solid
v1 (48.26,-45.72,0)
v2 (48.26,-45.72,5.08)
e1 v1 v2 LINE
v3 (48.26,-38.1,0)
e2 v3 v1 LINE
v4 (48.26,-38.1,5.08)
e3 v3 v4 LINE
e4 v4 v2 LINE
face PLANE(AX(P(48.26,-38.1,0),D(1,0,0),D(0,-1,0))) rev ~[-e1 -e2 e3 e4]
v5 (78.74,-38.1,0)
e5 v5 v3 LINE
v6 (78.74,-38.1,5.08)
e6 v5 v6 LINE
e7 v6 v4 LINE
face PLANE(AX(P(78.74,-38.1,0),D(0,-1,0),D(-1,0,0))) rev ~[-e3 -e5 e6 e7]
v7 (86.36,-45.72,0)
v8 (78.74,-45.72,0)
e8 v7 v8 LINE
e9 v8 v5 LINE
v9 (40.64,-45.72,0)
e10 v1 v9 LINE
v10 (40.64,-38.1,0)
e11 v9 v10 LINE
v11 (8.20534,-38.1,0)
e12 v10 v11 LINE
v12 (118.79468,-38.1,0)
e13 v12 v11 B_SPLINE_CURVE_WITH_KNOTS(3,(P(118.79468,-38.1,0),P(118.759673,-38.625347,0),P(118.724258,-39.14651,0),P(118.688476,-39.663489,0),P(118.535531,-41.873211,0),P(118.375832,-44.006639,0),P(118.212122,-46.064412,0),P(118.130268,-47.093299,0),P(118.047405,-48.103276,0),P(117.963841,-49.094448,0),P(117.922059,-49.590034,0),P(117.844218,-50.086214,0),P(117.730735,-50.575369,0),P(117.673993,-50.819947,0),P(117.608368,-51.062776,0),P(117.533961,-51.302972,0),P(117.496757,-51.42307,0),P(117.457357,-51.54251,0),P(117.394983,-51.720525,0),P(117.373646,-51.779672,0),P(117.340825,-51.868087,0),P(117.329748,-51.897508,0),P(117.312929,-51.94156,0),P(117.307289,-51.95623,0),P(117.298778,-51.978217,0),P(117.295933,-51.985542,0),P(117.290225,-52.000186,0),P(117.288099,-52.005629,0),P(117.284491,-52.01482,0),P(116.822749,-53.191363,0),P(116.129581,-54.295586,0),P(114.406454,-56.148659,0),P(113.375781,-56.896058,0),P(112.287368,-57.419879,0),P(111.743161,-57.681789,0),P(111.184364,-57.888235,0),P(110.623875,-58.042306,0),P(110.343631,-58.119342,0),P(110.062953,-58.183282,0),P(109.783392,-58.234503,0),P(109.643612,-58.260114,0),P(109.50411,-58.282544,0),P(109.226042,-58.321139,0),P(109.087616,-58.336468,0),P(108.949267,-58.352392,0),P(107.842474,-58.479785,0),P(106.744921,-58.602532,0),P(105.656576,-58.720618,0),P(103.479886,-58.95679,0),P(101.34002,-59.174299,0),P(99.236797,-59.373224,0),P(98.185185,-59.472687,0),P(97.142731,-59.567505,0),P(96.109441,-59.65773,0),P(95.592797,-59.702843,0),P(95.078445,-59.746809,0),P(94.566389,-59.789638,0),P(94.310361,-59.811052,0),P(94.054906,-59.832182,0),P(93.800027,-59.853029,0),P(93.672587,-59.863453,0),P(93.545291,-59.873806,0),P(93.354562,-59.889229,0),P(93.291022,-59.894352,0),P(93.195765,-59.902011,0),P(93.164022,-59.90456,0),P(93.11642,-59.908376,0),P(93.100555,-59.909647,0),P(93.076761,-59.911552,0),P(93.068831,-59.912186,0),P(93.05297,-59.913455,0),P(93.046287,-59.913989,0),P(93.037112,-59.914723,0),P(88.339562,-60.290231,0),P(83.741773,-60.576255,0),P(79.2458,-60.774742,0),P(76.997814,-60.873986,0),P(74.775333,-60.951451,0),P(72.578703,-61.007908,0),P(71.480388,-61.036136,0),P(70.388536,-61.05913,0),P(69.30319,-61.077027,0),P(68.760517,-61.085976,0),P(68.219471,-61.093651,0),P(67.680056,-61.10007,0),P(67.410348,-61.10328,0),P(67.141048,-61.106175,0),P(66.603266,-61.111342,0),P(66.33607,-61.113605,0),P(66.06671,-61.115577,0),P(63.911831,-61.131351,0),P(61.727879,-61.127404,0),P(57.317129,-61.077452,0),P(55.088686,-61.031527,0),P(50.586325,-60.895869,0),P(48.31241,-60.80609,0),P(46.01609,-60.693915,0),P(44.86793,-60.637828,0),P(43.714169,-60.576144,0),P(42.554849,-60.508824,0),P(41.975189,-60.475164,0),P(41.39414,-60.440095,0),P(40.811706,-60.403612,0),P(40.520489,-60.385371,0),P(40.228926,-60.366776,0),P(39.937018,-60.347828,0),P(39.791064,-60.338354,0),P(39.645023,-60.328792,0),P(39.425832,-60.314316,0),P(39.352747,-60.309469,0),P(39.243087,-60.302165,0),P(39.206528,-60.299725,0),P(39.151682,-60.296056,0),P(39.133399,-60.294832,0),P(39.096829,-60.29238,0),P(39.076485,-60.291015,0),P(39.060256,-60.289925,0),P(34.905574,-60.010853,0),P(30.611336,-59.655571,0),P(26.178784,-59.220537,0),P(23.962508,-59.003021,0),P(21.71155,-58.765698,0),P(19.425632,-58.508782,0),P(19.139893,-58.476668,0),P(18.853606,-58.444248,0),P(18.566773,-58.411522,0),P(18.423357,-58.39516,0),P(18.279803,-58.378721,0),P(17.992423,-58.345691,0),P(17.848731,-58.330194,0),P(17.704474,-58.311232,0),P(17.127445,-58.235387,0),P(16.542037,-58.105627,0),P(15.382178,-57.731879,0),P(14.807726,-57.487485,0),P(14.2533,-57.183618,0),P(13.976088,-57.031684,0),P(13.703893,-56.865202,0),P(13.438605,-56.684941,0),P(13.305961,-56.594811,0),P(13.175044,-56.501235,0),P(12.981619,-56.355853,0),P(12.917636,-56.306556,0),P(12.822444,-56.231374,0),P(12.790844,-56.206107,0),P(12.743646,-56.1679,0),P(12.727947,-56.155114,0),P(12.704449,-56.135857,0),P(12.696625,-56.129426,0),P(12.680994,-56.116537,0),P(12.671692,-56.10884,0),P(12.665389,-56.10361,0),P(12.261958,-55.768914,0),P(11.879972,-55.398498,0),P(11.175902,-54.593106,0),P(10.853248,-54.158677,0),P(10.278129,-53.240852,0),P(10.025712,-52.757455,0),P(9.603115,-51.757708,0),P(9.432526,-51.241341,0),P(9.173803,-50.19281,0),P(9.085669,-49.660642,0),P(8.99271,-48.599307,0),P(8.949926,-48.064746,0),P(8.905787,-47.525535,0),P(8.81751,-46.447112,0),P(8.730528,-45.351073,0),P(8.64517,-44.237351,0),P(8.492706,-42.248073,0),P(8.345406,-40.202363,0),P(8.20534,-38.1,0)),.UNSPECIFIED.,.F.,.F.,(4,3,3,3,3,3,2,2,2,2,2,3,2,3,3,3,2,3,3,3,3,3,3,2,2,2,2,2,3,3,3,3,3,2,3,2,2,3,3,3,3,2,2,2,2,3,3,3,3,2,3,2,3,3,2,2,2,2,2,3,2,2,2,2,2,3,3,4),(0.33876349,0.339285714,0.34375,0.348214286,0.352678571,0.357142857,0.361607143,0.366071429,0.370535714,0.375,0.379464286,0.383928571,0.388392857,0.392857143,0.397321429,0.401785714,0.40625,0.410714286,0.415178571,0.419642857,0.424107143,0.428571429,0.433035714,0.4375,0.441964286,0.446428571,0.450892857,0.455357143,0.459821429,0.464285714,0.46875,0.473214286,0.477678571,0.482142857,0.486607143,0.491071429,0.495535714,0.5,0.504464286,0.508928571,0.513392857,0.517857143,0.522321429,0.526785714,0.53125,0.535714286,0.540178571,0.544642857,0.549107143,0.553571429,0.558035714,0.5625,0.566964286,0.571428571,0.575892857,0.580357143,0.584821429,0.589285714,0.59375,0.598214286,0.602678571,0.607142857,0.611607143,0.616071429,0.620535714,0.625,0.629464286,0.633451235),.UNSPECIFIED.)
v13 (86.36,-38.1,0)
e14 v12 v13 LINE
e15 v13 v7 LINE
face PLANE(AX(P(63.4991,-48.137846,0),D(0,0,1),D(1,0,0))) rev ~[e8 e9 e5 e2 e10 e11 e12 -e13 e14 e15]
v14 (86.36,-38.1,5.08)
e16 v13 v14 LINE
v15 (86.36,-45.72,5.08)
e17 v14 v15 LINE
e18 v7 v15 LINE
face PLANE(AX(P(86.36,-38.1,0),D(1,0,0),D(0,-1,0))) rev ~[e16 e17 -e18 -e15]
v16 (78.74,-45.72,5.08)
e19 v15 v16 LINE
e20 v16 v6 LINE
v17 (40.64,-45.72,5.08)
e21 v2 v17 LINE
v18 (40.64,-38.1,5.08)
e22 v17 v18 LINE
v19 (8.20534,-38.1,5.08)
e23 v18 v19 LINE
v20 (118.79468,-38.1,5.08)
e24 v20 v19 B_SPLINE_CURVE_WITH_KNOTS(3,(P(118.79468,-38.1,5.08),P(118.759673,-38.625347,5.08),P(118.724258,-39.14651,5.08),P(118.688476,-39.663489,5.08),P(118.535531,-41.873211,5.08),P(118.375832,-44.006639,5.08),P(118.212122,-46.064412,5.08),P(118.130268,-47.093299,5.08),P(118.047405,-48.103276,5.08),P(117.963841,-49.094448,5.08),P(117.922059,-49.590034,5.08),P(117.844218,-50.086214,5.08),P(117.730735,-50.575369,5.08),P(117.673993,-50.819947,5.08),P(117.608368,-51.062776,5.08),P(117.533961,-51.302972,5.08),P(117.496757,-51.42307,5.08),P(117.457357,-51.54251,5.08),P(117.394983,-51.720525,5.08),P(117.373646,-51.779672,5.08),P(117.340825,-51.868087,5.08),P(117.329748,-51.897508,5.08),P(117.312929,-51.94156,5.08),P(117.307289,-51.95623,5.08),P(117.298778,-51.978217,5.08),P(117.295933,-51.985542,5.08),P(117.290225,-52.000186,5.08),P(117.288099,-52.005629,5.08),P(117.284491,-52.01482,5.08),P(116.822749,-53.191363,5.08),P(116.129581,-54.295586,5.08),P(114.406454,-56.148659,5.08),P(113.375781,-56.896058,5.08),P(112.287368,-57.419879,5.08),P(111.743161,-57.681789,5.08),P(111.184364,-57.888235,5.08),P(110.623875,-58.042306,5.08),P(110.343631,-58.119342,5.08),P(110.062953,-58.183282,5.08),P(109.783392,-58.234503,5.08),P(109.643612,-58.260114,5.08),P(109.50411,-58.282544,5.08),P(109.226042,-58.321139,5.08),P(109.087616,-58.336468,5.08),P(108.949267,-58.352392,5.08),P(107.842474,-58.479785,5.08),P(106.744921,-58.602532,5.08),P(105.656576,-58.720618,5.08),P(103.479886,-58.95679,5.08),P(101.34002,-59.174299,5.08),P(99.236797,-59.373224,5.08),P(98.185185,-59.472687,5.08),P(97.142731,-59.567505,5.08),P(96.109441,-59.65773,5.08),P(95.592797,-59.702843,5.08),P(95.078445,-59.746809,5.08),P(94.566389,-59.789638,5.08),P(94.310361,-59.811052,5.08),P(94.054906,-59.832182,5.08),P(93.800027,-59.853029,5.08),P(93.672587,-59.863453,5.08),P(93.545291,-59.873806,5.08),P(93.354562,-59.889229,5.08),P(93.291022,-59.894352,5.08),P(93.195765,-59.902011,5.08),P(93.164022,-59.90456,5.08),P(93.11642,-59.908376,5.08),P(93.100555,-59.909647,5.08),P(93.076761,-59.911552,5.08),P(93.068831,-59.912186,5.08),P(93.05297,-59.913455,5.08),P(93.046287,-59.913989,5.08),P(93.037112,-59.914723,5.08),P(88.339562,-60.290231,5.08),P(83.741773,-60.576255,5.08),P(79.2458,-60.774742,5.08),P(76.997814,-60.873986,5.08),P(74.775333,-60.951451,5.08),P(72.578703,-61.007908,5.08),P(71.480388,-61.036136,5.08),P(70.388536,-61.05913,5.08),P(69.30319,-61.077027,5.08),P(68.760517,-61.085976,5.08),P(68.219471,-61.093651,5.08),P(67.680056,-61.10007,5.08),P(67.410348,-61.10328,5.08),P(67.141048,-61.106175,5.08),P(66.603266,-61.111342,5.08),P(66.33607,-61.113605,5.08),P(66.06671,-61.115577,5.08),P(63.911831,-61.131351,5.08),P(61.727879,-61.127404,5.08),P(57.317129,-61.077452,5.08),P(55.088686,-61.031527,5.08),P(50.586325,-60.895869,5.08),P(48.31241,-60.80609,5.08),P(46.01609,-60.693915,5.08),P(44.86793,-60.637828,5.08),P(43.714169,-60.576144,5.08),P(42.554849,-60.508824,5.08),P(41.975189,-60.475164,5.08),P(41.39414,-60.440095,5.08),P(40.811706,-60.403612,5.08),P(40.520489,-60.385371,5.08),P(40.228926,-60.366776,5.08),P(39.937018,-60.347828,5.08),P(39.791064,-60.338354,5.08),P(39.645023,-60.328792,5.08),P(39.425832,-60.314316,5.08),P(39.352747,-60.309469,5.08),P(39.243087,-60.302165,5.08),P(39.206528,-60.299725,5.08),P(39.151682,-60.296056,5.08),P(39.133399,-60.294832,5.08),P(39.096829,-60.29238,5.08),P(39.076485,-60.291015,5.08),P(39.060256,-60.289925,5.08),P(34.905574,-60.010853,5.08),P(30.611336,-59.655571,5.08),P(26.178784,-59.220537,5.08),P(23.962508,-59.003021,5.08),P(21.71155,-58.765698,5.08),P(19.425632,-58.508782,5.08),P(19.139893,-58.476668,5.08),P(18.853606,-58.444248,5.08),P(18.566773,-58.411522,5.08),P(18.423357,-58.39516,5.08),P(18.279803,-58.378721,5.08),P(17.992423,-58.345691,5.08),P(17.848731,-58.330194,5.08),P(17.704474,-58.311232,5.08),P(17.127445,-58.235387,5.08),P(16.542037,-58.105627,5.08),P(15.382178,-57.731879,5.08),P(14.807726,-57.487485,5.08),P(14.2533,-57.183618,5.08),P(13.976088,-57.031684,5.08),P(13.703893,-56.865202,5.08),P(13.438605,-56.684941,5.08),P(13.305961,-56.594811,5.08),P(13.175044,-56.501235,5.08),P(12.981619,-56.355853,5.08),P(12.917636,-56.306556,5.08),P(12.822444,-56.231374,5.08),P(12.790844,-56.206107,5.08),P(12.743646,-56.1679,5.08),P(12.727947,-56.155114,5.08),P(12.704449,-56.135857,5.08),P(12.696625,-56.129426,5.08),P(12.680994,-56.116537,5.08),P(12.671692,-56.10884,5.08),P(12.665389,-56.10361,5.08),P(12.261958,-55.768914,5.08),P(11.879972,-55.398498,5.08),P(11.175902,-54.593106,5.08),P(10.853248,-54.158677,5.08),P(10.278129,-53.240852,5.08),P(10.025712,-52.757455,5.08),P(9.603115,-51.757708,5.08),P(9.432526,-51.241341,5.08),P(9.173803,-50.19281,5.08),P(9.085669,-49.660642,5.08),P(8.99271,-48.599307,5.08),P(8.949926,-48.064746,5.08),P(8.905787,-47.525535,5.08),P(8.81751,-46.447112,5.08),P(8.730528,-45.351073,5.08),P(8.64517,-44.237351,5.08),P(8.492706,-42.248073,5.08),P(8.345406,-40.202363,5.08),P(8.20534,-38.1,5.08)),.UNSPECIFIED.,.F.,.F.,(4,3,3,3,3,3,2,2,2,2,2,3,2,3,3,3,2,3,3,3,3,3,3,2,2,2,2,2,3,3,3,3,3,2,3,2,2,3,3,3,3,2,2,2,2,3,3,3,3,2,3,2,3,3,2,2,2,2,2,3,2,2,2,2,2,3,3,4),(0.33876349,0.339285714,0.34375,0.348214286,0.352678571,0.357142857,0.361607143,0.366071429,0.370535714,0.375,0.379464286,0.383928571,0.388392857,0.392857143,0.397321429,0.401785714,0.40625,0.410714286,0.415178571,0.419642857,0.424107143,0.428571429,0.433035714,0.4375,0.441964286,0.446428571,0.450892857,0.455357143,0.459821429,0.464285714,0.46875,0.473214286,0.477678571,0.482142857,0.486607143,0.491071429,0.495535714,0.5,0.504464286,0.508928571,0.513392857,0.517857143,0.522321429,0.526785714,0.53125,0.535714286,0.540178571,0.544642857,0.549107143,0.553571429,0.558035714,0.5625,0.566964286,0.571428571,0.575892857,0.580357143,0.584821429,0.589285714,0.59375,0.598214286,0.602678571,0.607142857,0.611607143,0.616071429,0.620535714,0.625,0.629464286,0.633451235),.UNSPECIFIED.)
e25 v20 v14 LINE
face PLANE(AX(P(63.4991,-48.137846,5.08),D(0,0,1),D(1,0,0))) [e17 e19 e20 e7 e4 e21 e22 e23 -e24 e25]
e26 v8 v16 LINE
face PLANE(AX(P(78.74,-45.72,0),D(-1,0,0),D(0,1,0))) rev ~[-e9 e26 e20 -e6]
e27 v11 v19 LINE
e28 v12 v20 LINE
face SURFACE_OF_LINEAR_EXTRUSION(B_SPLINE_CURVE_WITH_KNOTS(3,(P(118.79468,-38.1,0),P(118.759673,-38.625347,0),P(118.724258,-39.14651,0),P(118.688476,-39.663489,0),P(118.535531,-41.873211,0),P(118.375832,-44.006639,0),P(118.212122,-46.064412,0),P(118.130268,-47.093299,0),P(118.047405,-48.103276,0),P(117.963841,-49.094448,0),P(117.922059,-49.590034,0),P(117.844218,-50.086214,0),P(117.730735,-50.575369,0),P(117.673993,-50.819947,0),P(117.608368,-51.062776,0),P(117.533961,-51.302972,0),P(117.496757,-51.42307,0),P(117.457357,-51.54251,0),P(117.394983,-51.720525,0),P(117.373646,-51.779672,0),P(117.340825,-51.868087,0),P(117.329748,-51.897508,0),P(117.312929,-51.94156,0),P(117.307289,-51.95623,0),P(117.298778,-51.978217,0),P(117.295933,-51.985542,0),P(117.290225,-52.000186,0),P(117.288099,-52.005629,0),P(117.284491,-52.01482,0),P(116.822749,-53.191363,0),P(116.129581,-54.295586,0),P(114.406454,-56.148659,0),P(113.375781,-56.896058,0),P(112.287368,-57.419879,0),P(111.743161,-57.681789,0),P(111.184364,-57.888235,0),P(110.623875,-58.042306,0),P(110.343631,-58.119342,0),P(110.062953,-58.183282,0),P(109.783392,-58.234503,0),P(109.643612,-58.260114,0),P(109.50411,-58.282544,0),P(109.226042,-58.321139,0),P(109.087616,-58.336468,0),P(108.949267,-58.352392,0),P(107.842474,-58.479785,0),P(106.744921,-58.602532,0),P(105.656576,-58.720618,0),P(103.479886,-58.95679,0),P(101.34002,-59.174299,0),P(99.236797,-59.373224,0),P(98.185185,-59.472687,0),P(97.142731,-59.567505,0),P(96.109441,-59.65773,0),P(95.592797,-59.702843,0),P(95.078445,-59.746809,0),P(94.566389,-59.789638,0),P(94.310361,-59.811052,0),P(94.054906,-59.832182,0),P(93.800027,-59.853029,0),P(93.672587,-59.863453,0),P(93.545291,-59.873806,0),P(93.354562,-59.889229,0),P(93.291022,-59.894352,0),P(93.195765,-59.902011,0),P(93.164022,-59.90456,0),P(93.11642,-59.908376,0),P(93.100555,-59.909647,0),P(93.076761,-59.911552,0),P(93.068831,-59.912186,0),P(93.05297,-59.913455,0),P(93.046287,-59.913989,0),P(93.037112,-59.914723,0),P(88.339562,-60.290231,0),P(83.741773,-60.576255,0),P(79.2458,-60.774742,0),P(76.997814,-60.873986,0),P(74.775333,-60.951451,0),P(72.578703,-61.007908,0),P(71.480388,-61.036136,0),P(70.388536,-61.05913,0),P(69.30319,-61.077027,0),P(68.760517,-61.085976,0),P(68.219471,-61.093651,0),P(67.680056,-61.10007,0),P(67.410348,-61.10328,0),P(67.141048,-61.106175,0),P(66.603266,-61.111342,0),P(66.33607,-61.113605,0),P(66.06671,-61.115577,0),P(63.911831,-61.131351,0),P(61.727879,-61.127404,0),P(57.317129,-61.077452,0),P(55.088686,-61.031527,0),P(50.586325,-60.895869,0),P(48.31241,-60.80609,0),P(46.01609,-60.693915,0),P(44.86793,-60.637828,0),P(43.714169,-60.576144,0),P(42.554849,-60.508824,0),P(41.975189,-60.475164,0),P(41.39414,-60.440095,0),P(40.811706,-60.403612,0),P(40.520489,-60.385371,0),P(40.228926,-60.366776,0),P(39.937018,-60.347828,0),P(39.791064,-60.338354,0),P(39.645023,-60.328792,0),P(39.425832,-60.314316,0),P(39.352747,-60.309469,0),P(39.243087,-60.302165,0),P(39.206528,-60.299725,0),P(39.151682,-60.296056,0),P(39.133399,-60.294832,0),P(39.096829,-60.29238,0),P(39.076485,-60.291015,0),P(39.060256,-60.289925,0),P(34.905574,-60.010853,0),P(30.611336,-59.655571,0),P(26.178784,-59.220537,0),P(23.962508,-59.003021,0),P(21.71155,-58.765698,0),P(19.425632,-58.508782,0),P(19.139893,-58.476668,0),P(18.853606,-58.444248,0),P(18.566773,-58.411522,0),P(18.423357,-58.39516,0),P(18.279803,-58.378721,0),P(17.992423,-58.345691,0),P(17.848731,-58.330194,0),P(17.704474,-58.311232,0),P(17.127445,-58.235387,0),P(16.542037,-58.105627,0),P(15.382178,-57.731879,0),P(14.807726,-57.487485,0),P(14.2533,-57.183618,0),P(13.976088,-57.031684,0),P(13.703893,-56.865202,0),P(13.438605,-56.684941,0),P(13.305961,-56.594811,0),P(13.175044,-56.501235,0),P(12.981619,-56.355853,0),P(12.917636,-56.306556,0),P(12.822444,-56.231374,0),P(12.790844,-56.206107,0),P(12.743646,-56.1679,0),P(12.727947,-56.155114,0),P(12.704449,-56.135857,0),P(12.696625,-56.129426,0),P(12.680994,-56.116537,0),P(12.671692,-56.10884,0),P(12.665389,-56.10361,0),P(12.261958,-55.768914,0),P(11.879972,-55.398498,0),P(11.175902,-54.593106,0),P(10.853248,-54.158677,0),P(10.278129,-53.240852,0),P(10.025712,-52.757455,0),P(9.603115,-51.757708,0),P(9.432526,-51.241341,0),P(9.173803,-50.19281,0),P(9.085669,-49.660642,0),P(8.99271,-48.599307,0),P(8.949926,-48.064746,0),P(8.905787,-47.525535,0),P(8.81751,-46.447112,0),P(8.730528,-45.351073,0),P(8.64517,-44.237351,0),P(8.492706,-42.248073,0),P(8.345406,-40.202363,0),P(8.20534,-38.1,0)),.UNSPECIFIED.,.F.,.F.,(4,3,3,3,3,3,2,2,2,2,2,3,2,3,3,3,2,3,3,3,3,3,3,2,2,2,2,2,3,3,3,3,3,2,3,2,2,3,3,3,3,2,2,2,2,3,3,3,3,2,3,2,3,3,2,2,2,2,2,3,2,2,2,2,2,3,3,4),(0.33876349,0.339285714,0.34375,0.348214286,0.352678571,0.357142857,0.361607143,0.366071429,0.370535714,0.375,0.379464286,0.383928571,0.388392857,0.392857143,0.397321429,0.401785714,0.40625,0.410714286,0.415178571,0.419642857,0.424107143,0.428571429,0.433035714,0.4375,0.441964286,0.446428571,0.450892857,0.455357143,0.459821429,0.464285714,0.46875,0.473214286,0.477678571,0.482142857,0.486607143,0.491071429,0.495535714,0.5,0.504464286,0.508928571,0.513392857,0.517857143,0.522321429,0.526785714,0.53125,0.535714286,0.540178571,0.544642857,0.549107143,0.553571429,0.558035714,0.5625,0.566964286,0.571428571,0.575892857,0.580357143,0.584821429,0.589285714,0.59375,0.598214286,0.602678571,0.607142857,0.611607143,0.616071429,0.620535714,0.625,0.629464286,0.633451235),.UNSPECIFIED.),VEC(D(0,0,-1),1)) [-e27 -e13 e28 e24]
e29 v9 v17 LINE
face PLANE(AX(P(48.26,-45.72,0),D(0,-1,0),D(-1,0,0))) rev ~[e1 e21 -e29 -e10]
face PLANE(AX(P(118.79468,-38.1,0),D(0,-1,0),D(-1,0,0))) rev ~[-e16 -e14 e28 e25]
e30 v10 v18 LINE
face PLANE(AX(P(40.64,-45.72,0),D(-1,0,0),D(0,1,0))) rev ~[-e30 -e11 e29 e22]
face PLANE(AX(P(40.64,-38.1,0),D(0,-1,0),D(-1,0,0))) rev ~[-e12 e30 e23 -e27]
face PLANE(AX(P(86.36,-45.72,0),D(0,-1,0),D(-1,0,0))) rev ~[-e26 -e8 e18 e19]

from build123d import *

# Parameters (mm, degrees)
BOSS_EXTRUDE1_DEPTH = 5.08


with BuildPart() as part:
    # Sketch1 → Boss-Extrude1 (new body)
    with BuildSketch(Plane.XY):
        with BuildLine():
            Line((40.64, -38.1), (8.205339518, -38.1))
            add(Edge.make_bspline(
                [(118.794680008, -38.1), (118.759672897, -38.625347071), (118.724258234, -39.146510327), (118.688475704, -39.663489231), (118.535530504, -41.873211203), (118.375831529, -44.006639059), (118.212122411, -46.064412329), (118.130267851, -47.093298963), (118.047404681, -48.103276333), (117.963840874, -49.094448309), (117.92205897, -49.590034297), (117.844217868, -50.086214445), (117.730734608, -50.575369303), (117.673992979, -50.819946732), (117.608368499, -51.062776245), (117.533960636, -51.302972114), (117.496756704, -51.423070048), (117.457357006, -51.542510316), (117.394983163, -51.720524779), (117.373646171, -51.779671989), (117.340824578, -51.868086867), (117.32974803, -51.897507507), (117.312929493, -51.941559571), (117.307289361, -51.956230444), (117.298778274, -51.978216729), (117.295932763, -51.985542154), (117.290224785, -52.000186278), (117.288098735, -52.00562855), (117.284491375, -52.014820291), (116.8227494, -53.191363178), (116.129581452, -54.295586139), (114.406454226, -56.148659315), (113.375780722, -56.896057665), (112.287367861, -57.419878779), (111.74316143, -57.681789336), (111.184363838, -57.888235292), (110.623875123, -58.04230616), (110.343630765, -58.119341593), (110.062953092, -58.183281641), (109.783392063, -58.234502898), (109.643611549, -58.260113527), (109.50410955, -58.282544359), (109.226042359, -58.321139392), (109.087616268, -58.336468265), (108.949267124, -58.352392298), (107.842473971, -58.479784559), (106.744921168, -58.602532211), (105.656576053, -58.720618238), (103.479885823, -58.95679029), (101.340020244, -59.174298512), (99.236797061, -59.37322428), (98.18518547, -59.472687164), (97.142730668, -59.567504544), (96.109441385, -59.657730099), (95.592796744, -59.702842876), (95.078444667, -59.746808831), (94.566388564, -59.789637618), (94.310360512, -59.811052012), (94.054906454, -59.832182125), (93.800026821, -59.853029236), (93.672587004, -59.863452791), (93.545290793, -59.873805596), (93.354561966, -59.889228924), (93.291021606, -59.894352386), (93.195764948, -59.902011142), (93.164021709, -59.904559654), (93.116420323, -59.908375816), (93.100555439, -59.90964677), (93.076761482, -59.911551548), (93.068830724, -59.912186199), (93.052970332, -59.913454951), (93.046286525, -59.913989465), (93.037111623, -59.914722878), (88.339562122, -60.290230564), (83.741773174, -60.576255289), (79.245800454, -60.774742484), (76.997814095, -60.873986082), (74.775333496, -60.951451187), (72.57870331, -61.007908028), (71.480388217, -61.036136448), (70.388536383, -61.059129773), (69.303190357, -61.077027476), (68.760517344, -61.085976327), (68.219470747, -61.093651328), (67.680055664, -61.100070235), (67.410348122, -61.103279688), (67.141048456, -61.106175121), (66.603266122, -61.111342424), (66.336069703, -61.113604878), (66.066709899, -61.115576633), (63.911831461, -61.131350671), (61.727879233, -61.127404428), (57.317129254, -61.077451929), (55.088686315, -61.031526552), (50.586325041, -60.895868863), (48.31241048, -60.80609014), (46.016090198, -60.693915052), (44.867930056, -60.637827508), (43.714168745, -60.576144299), (42.55484899, -60.508824213), (41.975189112, -60.47516417), (41.39413964, -60.44009504), (40.811706002, -60.403612474), (40.520489183, -60.385371191), (40.228926393, -60.366776434), (39.937017926, -60.347828404), (39.791063692, -60.338354389), (39.645023033, -60.328792067), (39.425832444, -60.314316199), (39.352747315, -60.309468845), (39.243087225, -60.302164728), (39.206528462, -60.299724507), (39.15168222, -60.296055906), (39.13339879, -60.294831661), (39.09682923, -60.292380414), (39.076484845, -60.291015157), (39.060255621, -60.289925031), (34.905574211, -60.010852755), (30.611335524, -59.655570775), (26.17878384, -59.22053735), (23.962507998, -59.003020637), (21.711549809, -58.765697989), (19.425632206, -58.508782333), (19.139892506, -58.476667876), (18.853606418, -58.444247675), (18.566773273, -58.411522489), (18.423356701, -58.395159896), (18.279803363, -58.378721058), (17.992422986, -58.345691097), (17.848731161, -58.330193769), (17.704473886, -58.311232443), (17.127444785, -58.235387139), (16.542036633, -58.105626515), (15.382178109, -57.731878979), (14.807725641, -57.487485482), (14.253300243, -57.183617922), (13.976087545, -57.031684142), (13.703893331, -56.865202294), (13.438604879, -56.684941122), (13.305960653, -56.594810535), (13.175043558, -56.50123546), (12.981618731, -56.355853353), (12.917635635, -56.30655609), (12.822444167, -56.231373953), (12.79084421, -56.206107202), (12.743645773, -56.167900354), (12.727946544, -56.155113618), (12.70444879, -56.135857126), (12.69662472, -56.129425565), (12.680993729, -56.116537028), (12.67169213, -56.10884003), (12.665388521, -56.103610395), (12.261957551, -55.768913788), (11.879972032, -55.39849829), (11.175902321, -54.593106183), (10.853247639, -54.158677458), (10.278128772, -53.240852172), (10.025711712, -52.757455304), (9.603115192, -51.757708214), (9.432525975, -51.241341463), (9.173802937, -50.192809561), (9.085669411, -49.660642373), (8.992709548, -48.599307174), (8.949925608, -48.064745788), (8.905787207, -47.525534513), (8.817510407, -46.447111963), (8.730527968, -45.351072984), (8.645169546, -44.237350837), (8.492706337, -42.248072573), (8.345405571, -40.202363138), (8.205339518, -38.1)],
                knots=[0.33876349, 0.33876349, 0.33876349, 0.33876349, 0.339285714, 0.339285714, 0.339285714, 0.34375, 0.34375, 0.34375, 0.348214286, 0.348214286, 0.348214286, 0.352678571, 0.352678571, 0.352678571, 0.357142857, 0.357142857, 0.357142857, 0.361607143, 0.361607143, 0.366071429, 0.366071429, 0.370535714, 0.370535714, 0.375, 0.375, 0.379464286, 0.379464286, 0.383928571, 0.383928571, 0.383928571, 0.388392857, 0.388392857, 0.392857143, 0.392857143, 0.392857143, 0.397321429, 0.397321429, 0.397321429, 0.401785714, 0.401785714, 0.401785714, 0.40625, 0.40625, 0.410714286, 0.410714286, 0.410714286, 0.415178571, 0.415178571, 0.415178571, 0.419642857, 0.419642857, 0.419642857, 0.424107143, 0.424107143, 0.424107143, 0.428571429, 0.428571429, 0.428571429, 0.433035714, 0.433035714, 0.433035714, 0.4375, 0.4375, 0.441964286, 0.441964286, 0.446428571, 0.446428571, 0.450892857, 0.450892857, 0.455357143, 0.455357143, 0.459821429, 0.459821429, 0.459821429, 0.464285714, 0.464285714, 0.464285714, 0.46875, 0.46875, 0.46875, 0.473214286, 0.473214286, 0.473214286, 0.477678571, 0.477678571, 0.477678571, 0.482142857, 0.482142857, 0.486607143, 0.486607143, 0.486607143, 0.491071429, 0.491071429, 0.495535714, 0.495535714, 0.5, 0.5, 0.5, 0.504464286, 0.504464286, 0.504464286, 0.508928571, 0.508928571, 0.508928571, 0.513392857, 0.513392857, 0.513392857, 0.517857143, 0.517857143, 0.522321429, 0.522321429, 0.526785714, 0.526785714, 0.53125, 0.53125, 0.535714286, 0.535714286, 0.535714286, 0.540178571, 0.540178571, 0.540178571, 0.544642857, 0.544642857, 0.544642857, 0.549107143, 0.549107143, 0.549107143, 0.553571429, 0.553571429, 0.558035714, 0.558035714, 0.558035714, 0.5625, 0.5625, 0.566964286, 0.566964286, 0.566964286, 0.571428571, 0.571428571, 0.571428571, 0.575892857, 0.575892857, 0.580357143, 0.580357143, 0.584821429, 0.584821429, 0.589285714, 0.589285714, 0.59375, 0.59375, 0.598214286, 0.598214286, 0.598214286, 0.602678571, 0.602678571, 0.607142857, 0.607142857, 0.611607143, 0.611607143, 0.616071429, 0.616071429, 0.620535714, 0.620535714, 0.625, 0.625, 0.625, 0.629464286, 0.629464286, 0.629464286, 0.633451235, 0.633451235, 0.633451235, 0.633451235], degree=3))
            Line((118.794680008, -38.1), (86.36, -38.1))
            Line((86.36, -38.1), (86.36, -45.72))
            Line((86.36, -45.72), (78.74, -45.72))
            Line((78.74, -45.72), (78.74, -38.1))
            Line((78.74, -38.1), (48.26, -38.1))
            Line((48.26, -38.1), (48.26, -45.72))
            Line((48.26, -45.72), (40.64, -45.72))
            Line((40.64, -45.72), (40.64, -38.1))
        make_face()
    extrude(amount=BOSS_EXTRUDE1_DEPTH)


solid = part.part
